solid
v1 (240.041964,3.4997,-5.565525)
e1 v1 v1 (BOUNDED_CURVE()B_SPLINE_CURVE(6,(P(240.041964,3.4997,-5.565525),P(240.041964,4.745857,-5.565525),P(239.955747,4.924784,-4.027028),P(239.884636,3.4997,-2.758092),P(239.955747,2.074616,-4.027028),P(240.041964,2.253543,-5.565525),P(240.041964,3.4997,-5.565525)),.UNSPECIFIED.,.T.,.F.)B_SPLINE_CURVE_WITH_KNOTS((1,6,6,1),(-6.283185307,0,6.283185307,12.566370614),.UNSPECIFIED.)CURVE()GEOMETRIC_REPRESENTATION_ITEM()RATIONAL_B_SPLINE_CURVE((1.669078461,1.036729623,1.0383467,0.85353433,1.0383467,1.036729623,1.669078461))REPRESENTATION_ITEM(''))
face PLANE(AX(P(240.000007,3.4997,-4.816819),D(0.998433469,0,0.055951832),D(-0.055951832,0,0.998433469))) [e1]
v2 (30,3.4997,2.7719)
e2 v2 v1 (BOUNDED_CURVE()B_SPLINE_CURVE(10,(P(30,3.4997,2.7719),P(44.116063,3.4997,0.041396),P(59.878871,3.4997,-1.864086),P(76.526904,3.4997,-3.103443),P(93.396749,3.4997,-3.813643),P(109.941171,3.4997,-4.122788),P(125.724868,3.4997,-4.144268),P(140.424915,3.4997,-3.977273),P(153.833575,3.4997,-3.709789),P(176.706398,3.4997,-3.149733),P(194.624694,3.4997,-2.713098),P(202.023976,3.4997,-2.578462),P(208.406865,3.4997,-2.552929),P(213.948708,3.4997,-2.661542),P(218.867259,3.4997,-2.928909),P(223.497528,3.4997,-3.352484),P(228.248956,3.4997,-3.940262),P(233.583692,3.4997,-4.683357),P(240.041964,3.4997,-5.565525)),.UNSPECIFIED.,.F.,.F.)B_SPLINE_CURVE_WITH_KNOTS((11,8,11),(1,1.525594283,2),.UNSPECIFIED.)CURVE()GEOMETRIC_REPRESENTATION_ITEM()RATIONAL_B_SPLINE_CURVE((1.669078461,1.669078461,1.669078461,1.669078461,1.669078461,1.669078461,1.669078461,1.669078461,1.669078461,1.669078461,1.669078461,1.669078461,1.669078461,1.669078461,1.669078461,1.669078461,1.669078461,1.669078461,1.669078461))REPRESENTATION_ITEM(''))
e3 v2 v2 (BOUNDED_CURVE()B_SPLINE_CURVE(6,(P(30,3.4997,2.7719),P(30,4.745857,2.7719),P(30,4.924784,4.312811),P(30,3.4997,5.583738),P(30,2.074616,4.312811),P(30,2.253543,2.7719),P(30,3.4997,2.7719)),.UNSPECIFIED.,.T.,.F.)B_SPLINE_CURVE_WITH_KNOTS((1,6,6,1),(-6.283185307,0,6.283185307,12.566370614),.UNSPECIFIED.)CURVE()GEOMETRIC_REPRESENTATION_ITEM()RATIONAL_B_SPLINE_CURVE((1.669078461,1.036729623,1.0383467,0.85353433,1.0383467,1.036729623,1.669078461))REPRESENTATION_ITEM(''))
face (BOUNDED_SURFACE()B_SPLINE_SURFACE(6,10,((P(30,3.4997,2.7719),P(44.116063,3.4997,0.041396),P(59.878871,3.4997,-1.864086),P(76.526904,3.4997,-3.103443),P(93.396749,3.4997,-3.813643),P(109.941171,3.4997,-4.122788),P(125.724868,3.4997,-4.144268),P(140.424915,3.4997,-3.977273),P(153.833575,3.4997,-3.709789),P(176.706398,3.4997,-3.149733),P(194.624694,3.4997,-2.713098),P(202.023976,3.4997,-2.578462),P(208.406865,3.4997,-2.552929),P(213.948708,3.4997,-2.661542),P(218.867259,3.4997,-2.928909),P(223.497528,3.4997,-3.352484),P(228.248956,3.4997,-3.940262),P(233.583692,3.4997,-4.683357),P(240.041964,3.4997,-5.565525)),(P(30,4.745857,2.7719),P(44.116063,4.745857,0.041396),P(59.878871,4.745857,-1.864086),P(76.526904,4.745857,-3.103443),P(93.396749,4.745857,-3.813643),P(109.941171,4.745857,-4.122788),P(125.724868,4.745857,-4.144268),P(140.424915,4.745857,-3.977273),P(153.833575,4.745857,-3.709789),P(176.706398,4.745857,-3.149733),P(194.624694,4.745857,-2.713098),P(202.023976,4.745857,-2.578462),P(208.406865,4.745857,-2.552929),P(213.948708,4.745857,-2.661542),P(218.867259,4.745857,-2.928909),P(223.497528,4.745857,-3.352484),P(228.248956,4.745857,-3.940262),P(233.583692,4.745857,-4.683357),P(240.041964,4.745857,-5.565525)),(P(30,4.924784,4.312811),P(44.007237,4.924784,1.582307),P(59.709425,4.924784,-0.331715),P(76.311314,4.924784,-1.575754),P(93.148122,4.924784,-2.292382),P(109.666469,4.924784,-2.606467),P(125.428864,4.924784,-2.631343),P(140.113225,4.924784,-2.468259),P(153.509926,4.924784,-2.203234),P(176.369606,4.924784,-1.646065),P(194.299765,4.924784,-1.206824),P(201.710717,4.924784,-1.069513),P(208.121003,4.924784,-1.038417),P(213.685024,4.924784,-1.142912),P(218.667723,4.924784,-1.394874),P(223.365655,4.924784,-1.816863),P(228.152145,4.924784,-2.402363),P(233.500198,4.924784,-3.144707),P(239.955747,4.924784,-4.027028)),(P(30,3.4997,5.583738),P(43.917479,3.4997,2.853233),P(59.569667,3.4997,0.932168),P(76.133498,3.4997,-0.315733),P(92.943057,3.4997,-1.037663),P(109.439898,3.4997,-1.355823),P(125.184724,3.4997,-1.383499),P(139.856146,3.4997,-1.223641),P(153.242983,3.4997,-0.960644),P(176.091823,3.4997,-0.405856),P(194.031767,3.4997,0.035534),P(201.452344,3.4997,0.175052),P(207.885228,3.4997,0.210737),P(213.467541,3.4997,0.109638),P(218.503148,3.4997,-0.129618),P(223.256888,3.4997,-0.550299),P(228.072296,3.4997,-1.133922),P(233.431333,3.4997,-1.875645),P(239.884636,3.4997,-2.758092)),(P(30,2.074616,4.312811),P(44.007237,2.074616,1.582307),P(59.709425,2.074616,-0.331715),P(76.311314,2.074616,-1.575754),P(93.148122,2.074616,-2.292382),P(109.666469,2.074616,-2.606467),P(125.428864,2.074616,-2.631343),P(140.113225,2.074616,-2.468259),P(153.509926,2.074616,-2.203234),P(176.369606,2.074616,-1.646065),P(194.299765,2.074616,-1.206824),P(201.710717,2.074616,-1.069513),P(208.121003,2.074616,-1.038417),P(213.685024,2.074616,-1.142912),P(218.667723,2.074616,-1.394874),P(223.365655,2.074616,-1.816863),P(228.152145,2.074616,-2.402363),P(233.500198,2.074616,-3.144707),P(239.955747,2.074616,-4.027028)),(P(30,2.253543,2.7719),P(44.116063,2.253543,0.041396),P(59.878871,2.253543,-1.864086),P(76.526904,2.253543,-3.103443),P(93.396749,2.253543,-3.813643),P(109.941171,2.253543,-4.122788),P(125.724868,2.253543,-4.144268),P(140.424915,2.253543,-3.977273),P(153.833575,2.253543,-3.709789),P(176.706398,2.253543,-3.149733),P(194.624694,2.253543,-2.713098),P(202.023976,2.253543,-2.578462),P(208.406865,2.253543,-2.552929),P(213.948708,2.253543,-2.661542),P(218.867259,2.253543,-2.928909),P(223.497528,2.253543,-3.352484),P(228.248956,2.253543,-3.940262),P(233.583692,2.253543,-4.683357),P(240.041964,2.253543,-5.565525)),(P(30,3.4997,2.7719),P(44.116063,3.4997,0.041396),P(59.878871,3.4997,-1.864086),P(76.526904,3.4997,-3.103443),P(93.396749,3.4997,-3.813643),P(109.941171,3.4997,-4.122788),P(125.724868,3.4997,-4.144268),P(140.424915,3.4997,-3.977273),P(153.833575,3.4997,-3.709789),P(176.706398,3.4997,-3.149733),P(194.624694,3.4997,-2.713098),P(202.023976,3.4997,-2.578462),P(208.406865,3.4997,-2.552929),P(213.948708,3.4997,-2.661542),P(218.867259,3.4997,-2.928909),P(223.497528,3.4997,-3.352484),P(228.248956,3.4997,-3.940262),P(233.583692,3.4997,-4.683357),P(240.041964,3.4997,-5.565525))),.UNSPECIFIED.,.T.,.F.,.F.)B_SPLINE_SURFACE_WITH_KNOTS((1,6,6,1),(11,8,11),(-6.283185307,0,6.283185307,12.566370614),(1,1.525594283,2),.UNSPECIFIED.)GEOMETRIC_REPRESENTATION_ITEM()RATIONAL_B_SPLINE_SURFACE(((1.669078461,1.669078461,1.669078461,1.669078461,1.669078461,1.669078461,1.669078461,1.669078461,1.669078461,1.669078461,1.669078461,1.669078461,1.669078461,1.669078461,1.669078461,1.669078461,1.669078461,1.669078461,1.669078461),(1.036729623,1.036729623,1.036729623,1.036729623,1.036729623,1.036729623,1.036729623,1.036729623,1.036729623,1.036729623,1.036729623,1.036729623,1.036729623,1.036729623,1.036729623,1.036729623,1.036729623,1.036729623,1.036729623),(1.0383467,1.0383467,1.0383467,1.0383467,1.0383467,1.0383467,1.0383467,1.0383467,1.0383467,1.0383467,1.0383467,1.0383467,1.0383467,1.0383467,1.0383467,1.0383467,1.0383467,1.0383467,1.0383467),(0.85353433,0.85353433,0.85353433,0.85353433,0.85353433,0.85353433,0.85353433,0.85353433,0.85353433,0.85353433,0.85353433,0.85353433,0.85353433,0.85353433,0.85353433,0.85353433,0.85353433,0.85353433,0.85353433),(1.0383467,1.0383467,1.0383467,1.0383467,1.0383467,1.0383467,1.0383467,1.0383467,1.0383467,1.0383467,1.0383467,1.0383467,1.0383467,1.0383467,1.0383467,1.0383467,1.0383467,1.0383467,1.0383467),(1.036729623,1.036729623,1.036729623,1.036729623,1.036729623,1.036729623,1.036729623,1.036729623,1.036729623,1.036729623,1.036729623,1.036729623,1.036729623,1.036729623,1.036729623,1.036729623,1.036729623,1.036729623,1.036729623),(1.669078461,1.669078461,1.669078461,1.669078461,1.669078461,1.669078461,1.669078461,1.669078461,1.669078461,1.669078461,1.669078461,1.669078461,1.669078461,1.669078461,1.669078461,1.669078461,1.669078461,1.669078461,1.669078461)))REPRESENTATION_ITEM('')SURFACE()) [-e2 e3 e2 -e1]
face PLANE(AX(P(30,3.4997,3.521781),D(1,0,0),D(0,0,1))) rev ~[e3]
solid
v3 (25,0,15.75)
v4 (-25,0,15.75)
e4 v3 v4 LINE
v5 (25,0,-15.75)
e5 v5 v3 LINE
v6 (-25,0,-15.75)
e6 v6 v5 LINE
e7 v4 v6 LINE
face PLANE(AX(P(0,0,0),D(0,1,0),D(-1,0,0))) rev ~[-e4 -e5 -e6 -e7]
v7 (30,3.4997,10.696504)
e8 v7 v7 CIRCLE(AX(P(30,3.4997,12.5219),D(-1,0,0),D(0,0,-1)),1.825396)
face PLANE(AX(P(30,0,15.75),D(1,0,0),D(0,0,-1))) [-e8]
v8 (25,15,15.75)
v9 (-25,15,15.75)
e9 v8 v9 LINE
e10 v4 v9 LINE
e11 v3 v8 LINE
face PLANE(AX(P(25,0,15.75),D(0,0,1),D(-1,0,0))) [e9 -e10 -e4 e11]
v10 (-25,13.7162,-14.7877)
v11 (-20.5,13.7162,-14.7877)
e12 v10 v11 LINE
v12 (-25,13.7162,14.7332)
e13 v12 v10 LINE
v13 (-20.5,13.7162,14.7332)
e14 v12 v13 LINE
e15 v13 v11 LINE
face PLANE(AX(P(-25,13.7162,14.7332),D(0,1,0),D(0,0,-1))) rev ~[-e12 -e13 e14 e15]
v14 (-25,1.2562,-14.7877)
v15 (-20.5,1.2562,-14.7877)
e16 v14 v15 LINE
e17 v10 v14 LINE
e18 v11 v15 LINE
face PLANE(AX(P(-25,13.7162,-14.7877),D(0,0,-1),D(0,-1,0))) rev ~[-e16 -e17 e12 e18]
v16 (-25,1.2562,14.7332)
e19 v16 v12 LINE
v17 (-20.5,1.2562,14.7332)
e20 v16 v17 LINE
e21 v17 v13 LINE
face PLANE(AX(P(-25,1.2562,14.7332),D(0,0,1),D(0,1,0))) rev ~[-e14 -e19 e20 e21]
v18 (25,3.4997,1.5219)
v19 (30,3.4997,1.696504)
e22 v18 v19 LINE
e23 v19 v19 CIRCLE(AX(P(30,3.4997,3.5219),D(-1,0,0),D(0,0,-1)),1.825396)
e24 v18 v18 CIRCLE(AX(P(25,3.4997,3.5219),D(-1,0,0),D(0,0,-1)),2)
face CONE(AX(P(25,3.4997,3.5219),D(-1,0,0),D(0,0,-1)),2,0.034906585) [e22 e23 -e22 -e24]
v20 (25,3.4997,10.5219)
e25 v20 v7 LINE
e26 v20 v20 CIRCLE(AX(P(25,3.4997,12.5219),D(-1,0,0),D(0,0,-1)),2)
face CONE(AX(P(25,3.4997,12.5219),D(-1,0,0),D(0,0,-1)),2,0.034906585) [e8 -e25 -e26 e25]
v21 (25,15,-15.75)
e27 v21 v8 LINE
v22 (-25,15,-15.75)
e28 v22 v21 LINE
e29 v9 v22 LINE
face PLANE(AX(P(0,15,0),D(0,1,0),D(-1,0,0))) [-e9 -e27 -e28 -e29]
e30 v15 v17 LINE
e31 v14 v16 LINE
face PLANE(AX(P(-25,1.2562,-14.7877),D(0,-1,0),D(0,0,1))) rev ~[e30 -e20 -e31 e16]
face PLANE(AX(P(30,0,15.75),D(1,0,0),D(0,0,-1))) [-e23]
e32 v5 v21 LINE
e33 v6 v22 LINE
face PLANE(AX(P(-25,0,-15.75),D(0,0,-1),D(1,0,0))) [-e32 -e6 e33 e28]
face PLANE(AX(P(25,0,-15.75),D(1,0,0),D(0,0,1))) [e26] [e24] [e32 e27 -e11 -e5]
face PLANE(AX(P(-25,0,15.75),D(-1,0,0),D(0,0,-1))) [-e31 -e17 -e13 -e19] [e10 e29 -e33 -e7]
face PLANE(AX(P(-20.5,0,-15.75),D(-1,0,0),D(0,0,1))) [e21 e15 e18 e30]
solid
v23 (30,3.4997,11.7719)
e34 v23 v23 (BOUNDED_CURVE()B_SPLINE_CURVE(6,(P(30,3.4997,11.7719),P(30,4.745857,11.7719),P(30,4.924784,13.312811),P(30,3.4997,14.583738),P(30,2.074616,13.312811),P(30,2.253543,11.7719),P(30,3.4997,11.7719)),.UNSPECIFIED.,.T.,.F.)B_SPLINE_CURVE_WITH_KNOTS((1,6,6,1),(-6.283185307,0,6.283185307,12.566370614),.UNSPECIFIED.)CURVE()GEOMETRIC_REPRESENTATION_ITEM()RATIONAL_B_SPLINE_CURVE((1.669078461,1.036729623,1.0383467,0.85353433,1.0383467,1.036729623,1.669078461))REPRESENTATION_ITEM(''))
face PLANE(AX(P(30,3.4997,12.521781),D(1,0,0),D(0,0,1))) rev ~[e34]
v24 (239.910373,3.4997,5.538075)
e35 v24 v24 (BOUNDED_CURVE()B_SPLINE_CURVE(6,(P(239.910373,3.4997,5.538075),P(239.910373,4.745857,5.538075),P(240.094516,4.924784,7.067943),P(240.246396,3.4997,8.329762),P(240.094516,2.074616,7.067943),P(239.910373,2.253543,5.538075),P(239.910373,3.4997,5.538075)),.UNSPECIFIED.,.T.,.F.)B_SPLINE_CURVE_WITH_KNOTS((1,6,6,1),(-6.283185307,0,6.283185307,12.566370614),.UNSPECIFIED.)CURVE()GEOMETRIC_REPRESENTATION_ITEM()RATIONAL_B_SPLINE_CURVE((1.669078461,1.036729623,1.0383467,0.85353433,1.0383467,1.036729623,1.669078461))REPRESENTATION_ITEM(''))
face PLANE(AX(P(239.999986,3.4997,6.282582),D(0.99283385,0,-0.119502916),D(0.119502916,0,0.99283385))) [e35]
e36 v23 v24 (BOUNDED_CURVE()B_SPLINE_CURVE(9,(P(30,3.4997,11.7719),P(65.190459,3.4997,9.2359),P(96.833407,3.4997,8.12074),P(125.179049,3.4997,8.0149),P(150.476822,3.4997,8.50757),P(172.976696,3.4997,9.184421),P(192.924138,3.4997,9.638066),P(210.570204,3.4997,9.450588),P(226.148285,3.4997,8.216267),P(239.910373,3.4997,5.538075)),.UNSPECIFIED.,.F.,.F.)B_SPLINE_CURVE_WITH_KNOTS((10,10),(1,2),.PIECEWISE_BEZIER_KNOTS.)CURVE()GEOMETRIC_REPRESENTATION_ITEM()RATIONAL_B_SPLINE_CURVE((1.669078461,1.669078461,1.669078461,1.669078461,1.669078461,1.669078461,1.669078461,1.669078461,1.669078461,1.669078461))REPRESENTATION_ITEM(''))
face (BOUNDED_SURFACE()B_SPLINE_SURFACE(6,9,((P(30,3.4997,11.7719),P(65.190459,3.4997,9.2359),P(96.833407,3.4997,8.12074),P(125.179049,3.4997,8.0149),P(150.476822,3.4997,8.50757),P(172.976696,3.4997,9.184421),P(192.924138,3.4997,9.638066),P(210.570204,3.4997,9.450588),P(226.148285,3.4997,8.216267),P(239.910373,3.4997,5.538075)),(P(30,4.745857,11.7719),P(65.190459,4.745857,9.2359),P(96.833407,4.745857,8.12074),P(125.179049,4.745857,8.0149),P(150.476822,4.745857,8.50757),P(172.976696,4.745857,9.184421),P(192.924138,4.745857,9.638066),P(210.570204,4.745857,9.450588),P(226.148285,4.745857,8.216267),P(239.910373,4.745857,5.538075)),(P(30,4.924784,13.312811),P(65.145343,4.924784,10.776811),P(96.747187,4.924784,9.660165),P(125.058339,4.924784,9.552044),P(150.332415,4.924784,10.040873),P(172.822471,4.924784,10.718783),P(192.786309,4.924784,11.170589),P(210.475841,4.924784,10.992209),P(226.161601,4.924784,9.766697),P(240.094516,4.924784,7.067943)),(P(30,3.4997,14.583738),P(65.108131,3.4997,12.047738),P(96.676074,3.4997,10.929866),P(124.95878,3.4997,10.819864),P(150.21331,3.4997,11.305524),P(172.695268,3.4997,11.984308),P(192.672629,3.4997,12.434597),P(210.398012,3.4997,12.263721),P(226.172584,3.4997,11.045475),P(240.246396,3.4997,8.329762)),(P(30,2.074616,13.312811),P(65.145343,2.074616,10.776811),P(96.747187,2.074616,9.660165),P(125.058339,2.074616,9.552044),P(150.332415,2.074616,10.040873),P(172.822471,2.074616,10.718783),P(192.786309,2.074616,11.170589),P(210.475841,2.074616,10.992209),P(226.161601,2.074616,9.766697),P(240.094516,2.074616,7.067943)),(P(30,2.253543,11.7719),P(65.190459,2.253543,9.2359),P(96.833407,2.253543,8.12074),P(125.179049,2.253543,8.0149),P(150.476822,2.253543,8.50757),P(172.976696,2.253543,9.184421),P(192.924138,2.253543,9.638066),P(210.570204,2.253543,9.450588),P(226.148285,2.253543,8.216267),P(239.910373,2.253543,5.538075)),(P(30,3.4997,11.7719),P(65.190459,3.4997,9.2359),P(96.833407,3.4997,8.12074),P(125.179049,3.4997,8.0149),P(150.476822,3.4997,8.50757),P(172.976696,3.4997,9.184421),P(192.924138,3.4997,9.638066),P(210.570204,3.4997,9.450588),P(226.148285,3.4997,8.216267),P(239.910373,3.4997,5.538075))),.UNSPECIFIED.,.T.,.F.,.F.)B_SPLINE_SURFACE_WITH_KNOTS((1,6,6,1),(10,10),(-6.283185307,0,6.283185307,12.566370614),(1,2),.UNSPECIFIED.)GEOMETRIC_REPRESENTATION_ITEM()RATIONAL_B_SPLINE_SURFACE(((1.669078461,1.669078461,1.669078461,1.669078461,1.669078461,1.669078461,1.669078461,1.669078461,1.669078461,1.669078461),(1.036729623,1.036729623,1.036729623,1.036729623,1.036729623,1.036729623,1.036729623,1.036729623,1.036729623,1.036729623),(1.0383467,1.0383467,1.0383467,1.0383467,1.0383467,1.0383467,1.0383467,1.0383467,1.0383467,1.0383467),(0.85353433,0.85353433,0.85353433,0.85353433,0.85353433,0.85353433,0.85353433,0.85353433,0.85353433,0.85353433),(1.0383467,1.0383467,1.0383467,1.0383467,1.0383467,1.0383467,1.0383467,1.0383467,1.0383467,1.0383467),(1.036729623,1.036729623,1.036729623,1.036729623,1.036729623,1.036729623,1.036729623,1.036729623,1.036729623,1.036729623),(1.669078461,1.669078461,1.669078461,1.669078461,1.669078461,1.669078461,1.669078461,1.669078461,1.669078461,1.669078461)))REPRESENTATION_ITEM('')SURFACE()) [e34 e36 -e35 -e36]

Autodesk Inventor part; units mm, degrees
ref_plane "YZ Plane" through (0, 0, 0) normal (1, 0, 0) x (0, 1, 0)
ref_plane "XZ Plane" through (0, 0, 0) normal (0, 1, 0) x (-1, 0, 0)
ref_plane "XY Plane" through (0, 0, 0) normal (0, 0, 1) x (1, 0, 0)
sketch "Skizze1" plane through (0, 0, 0) normal (0, 1, 0) x (-1, 0, 0)
  line L0 (-25, 15.75) -> (25, 15.75)
  line L1 (25, 15.75) -> (25, -15.75)
  line L2 (25, -15.75) -> (-25, -15.75)
  line L3 (-25, -15.75) -> (-25, 15.75)
  line L4 (-25, 15.75) -> (25, -15.75) construction
  line L5 (25, 15.75) -> (-25, -15.75) construction
  point P0 (0, 0)
  dimension "d0" = 50
  dimension "d1" = 31.5
extrude "Extrusion1" add sketch "Skizze1" along normal blind 15
sketch "Skizze2" plane through (25, 0, 15.75) normal (1, 0, 0) x (0, 0, -1)
  circle A0 centre (3.2281, 3.4997) radius 2
  circle A1 centre (12.2281, 3.4997) radius 2
  point P0 (15.75, 0)
  dimension "d4" = 4
  dimension "d5" = 9
extrude "Extrusion2" add sketch "Skizze2" along normal blind 5 draft -2
sketch "Skizze3" plane through (30, 3.4997, 3.5219) normal (1, 0, 0) x (0, 0, -1)
  point P0 (3.5219, -3.4997)
sketch3d "3D-Skizze2"
ref_plane "Arbeitsebene1" through (36.5566, 3.4997, 12.5219) normal (0, 1, 0) x (0, 0, 1)
sketch "Skizze5" plane through (30, 3.4997, 12.5219) normal (1, 0, 0) x (0, 0, -1)
  circle A0 centre (0, 0) radius 0.75
  circle A1 centre (9, 0) radius 2 projected
  circle A2 centre (9, 0) radius 0.75
  circle A3 centre (0, 0) radius 1.8254 projected
  point P0 (12.5219, -3.4997)
  dimension "d11" = 1.5
sketch "Skizze4" plane through (36.5566, 3.4997, 12.5219) normal (0, 1, 0) x (0, 0, 1)
  line L0 (-1.8254, -6.5566) -> (1.8254, -6.5566) projected
  line L1 (0, -6.5566) -> (-7.608, 98.9489) construction
  line L2 (-7.608, 98.9489) -> (1.8254, 161.9077) construction
  line L3 (1.8254, 161.9077) -> (-6.2392, 203.4434) construction
  spline S0 degree 3 poles (0, -6.5566) (-7.608, 98.9489) (1.8254, 161.9077) (-6.2392, 203.4434) knots 1 1 1 1 2 2 2 2
  line L4 (-10.8254, -6.5566) -> (-7.1746, -6.5566) projected
  line L5 (-9, -6.5566) -> (-21.9877, 60.3348) construction
  line L6 (-21.9877, 60.3348) -> (-12.6894, 172.5713) construction
  line L7 (-12.6894, 172.5713) -> (-12.6894, 169.4169) construction
  line L8 (-12.6894, 169.4169) -> (-17.3386, 203.4434) construction
  spline S1 degree 4 poles (-9, -6.5566) (-21.9877, 60.3348) (-12.6894, 172.5713) (-12.6894, 169.4169) (-17.3386, 203.4434) knots 1 1 1 1 1 2 2 2 2 2
  point P0 (-12.5219, -36.5566)
  dimension "d10" = 210
sweep "Sweeping1" add profiles "Skizze5" path "Skizze4" separate body path curves S0 contours A0
sweep "Sweeping2" add profiles "Skizze5" path "Skizze4" separate body path curves S1 contours A2
sketch "Skizze6" plane through (-25, 0, -15.75) normal (-1, 0, 0) x (0, 0, 1)
  line L0 (0.9623, 1.2562) -> (30.4832, 1.2562)
  line L1 (30.4832, 1.2562) -> (30.4832, 13.7162)
  line L2 (30.4832, 13.7162) -> (0.9623, 13.7162)
  line L3 (0.9623, 13.7162) -> (0.9623, 1.2562)
  point P0 (15.75, 0)
extrude "Extrusion3" cut sketch "Skizze6" against normal blind 4.5 bodies 1
properties part number "P_Receiver_Radiolink" material "PET-Kunststoff"
